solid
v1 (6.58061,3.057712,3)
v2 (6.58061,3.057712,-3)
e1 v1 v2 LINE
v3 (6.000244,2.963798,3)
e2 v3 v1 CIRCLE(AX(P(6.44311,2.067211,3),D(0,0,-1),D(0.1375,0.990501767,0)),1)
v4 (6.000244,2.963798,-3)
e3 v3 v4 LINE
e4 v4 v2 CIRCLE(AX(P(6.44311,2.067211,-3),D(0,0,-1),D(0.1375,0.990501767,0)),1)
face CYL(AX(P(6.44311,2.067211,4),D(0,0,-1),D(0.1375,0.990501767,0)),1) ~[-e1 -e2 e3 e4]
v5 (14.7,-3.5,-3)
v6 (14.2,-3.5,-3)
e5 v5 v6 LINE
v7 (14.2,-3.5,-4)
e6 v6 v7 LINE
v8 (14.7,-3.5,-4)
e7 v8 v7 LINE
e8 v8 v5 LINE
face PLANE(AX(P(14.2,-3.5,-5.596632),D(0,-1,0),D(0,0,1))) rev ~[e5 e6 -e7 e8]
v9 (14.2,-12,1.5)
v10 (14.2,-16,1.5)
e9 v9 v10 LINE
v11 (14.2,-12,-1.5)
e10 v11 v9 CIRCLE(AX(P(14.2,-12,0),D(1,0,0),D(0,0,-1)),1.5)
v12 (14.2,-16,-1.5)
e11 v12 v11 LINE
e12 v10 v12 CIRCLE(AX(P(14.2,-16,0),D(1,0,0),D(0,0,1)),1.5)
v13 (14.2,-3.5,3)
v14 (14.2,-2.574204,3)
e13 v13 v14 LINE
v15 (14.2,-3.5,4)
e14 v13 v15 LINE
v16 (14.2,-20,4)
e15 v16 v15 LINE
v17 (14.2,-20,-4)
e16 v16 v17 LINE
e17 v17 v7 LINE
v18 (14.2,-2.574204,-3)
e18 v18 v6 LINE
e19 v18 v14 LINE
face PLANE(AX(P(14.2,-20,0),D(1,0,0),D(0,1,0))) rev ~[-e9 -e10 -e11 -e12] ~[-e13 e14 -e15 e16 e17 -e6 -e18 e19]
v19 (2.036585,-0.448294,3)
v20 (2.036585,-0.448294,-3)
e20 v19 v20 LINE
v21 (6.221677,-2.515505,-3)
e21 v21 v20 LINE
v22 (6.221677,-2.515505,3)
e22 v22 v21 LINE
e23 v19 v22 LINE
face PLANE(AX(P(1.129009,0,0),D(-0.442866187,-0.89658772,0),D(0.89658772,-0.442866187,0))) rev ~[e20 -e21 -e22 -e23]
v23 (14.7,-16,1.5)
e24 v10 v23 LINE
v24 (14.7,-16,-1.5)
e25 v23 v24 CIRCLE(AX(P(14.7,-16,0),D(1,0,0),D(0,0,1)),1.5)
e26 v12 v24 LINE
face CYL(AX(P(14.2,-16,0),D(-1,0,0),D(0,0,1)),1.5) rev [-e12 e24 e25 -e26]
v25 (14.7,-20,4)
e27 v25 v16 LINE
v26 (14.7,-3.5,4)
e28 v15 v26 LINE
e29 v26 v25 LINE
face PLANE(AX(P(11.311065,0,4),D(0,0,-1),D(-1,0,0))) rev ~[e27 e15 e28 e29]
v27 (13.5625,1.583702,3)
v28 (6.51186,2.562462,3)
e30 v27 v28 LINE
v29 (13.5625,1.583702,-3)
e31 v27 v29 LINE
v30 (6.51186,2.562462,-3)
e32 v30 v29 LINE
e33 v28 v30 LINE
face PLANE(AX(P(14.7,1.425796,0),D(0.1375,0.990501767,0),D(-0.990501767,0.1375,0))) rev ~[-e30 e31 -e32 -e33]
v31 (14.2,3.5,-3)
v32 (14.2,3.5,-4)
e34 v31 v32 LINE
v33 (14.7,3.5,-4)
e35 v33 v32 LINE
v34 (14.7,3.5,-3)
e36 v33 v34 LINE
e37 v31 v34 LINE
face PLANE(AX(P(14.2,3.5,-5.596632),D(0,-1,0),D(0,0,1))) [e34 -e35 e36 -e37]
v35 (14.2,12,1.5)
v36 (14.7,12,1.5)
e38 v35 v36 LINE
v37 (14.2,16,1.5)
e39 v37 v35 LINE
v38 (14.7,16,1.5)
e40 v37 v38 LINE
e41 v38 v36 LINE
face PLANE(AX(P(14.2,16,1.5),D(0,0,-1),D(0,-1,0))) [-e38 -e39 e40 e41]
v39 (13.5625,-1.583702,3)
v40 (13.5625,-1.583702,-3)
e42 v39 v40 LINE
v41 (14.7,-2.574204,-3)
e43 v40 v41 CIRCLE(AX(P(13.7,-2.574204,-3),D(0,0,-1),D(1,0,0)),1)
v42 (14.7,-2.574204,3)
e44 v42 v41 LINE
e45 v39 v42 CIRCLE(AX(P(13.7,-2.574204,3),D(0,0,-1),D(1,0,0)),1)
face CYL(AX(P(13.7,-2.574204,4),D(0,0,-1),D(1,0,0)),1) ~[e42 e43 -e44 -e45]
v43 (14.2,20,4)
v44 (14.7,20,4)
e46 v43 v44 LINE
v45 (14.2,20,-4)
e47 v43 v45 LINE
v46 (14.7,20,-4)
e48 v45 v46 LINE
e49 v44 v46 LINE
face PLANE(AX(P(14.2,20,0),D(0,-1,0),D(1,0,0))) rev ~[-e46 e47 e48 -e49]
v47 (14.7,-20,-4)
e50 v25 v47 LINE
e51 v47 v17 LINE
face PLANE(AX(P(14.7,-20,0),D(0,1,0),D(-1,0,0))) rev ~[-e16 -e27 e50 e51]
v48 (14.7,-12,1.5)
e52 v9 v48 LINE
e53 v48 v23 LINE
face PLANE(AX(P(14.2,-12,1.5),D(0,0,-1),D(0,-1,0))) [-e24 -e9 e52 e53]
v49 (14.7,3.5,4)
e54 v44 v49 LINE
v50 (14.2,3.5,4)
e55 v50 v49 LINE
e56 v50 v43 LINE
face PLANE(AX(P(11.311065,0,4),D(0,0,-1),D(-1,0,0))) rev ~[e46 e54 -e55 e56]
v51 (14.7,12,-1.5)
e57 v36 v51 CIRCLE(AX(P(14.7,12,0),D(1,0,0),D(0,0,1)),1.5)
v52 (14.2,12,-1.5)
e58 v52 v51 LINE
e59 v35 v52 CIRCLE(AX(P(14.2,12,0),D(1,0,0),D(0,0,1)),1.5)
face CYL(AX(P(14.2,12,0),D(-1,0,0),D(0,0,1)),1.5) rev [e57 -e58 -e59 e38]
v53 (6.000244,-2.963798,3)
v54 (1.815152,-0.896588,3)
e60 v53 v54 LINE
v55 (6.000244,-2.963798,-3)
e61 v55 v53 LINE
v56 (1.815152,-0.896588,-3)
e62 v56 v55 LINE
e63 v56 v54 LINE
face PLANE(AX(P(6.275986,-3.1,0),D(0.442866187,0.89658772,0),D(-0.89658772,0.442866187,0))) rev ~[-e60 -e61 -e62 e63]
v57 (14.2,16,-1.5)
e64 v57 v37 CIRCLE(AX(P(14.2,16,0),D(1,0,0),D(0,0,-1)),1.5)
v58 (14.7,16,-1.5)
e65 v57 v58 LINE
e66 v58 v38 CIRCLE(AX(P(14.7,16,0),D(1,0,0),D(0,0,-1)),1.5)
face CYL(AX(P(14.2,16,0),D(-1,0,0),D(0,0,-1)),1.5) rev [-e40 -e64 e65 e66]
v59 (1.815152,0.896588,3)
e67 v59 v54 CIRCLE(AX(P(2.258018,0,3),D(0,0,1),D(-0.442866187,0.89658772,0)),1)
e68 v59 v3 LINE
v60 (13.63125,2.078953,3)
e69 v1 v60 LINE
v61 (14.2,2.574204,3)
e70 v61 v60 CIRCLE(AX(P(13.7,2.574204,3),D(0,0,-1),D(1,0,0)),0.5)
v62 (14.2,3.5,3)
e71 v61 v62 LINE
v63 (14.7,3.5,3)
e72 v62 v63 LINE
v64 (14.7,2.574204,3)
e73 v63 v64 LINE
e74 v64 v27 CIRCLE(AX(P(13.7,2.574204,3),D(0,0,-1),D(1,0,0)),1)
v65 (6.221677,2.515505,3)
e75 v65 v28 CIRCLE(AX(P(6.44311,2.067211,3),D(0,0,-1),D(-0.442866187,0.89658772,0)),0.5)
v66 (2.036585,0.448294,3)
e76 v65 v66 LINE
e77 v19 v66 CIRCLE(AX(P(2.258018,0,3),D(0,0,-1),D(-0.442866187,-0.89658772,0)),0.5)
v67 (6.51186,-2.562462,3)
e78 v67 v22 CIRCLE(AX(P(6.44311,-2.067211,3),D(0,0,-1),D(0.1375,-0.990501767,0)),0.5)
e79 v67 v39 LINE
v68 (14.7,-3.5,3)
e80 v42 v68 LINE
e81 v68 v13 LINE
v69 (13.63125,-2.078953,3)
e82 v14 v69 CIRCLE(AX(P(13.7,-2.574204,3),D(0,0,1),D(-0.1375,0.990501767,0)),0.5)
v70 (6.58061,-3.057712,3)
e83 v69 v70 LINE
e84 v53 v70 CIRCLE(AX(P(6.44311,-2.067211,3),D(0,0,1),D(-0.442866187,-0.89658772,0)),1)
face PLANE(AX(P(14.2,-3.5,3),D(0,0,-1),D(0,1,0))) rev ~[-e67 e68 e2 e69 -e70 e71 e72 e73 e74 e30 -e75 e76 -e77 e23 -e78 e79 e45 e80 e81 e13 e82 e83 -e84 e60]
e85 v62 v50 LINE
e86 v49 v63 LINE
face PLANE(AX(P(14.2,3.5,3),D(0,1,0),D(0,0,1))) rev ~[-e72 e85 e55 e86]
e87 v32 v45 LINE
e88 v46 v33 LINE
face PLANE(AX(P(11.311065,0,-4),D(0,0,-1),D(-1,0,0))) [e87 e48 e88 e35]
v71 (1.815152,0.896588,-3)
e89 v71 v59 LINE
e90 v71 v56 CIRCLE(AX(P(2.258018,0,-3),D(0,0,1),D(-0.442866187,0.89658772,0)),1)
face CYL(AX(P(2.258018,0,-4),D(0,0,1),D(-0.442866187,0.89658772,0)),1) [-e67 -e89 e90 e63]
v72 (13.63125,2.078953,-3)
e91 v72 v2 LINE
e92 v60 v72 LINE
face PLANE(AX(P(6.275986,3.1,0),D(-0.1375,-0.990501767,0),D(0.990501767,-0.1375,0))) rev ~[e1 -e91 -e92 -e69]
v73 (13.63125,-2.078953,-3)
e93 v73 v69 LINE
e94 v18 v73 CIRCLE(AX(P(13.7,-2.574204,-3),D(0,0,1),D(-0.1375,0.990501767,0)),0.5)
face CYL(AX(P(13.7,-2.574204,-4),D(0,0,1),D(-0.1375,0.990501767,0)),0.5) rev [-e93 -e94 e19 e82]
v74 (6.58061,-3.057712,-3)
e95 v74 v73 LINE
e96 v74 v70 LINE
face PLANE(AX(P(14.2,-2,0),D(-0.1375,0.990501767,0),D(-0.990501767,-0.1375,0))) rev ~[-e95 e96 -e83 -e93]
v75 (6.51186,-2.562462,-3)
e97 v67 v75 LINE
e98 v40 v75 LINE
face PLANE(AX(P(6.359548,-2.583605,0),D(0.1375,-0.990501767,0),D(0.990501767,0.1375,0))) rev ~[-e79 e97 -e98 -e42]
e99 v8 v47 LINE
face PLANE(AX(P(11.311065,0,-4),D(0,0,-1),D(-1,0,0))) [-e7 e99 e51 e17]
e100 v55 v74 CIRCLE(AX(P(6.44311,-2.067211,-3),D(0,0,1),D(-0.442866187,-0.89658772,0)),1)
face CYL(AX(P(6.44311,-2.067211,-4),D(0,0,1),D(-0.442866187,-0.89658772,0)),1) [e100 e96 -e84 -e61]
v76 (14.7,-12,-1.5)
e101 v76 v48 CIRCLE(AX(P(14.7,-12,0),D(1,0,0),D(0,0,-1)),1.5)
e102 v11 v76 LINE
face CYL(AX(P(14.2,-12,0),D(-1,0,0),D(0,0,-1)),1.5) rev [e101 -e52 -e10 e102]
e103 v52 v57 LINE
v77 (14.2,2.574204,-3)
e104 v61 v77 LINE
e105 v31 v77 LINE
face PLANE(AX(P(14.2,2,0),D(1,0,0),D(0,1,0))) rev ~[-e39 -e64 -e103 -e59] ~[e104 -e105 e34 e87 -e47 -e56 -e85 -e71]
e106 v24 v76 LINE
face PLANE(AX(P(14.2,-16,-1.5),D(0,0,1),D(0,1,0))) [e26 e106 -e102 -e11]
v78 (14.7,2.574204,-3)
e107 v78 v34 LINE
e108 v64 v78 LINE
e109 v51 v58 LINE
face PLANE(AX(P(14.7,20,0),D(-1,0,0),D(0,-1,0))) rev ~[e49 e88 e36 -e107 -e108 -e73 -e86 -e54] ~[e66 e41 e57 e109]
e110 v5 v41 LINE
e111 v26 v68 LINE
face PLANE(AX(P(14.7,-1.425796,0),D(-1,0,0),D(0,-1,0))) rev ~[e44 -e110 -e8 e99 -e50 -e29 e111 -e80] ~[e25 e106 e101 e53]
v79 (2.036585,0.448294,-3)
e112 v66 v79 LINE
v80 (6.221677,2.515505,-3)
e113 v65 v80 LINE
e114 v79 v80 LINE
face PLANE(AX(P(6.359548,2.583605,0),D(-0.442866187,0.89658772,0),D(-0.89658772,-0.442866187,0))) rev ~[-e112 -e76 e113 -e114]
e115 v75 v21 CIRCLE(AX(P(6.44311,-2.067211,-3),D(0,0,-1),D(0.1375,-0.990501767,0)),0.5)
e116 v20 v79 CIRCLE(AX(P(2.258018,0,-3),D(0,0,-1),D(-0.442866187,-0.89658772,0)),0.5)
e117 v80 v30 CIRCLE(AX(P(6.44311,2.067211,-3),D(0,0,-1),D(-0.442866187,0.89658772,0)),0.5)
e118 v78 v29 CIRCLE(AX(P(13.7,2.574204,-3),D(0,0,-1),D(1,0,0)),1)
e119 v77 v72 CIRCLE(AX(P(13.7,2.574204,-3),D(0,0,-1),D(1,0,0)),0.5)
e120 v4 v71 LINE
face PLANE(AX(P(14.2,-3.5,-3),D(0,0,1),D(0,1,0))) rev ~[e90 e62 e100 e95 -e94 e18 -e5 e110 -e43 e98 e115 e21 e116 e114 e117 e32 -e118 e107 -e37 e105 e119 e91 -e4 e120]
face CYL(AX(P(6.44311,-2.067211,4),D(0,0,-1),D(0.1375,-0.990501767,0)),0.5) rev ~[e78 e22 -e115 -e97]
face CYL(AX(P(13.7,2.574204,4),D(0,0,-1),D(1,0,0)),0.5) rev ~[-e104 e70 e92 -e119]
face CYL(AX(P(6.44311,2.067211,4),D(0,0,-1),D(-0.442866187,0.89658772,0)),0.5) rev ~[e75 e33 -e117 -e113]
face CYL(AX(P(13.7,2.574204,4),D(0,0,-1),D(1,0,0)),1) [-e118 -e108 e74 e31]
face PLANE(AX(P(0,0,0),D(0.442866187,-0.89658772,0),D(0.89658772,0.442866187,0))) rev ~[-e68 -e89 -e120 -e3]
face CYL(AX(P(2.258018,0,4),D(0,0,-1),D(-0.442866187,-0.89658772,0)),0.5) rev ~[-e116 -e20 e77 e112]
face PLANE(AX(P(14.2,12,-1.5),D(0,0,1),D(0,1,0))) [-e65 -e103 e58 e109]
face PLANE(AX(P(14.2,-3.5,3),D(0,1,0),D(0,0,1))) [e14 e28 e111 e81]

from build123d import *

# Parameters (mm, degrees)
EXTRUDE_1_DEPTH     = 4
FILLET_1_R          = 0.5
FILLET_2_R          = 1
CUT_EXTRUDE_1_DEPTH = 0.5
SKETCH_3_W          = 3.444181234
SKETCH_3_H          = 7
SKETCH_3_W_2        = 2.596632025
CUT_EXTRUDE_2_DEPTH = 17


with BuildPart() as part:
    # 草图1 → 凸台-拉伸1 (new, symmetric)
    with BuildSketch(Plane.XY):
        Polygon((0, 0), (6.275985866, 3.1), (14.2, 2), (14.2, 20), (14.7, 20), (14.7, 1.425796077), (6.359548127, 2.583605352), (1.1290092, 0), (6.359548127, -2.583605352), (14.7, -1.425796077), (14.7, -20), (14.2, -20), (14.2, -2), (6.275985866, -3.1), align=None)
    extrude(amount=EXTRUDE_1_DEPTH, both=True)

    # 圆角1
    fillet_1_edges = [part.edges().sort_by_distance(p)[0] for p in [
        (14.2, 2, 0),
        (6.359548127, 2.583605352, 0),
        (1.1290092, 0, 0),
        (6.359548127, -2.583605352, 0),
        (14.2, -2, 0),
    ]]
    fillet(fillet_1_edges, radius=FILLET_1_R)

    # 圆角2
    fillet_2_edges = [part.edges().sort_by_distance(p)[0] for p in [
        (0, 0, 0),
        (6.275985866, 3.1, 0),
        (14.7, 1.425796077, 0),
        (14.7, -1.425796077, 0),
        (6.275985866, -3.1, 0),
    ]]
    fillet(fillet_2_edges, radius=FILLET_2_R)

    # 草图2 → 切除-拉伸1 (cut)
    with BuildSketch(Plane.ZY.offset(-14.2)):
        with BuildLine():
            Line((1.5, 16), (1.5, 12))
            ThreePointArc((1.5, 12), (0, 10.5), (-1.5, 12))
            Line((-1.5, 12), (-1.5, 16))
            ThreePointArc((-1.5, 16), (0, 17.5), (1.5, 16))
        make_face()
        with BuildLine():
            Line((1.5, -12), (1.5, -16))
            ThreePointArc((1.5, -16), (0, -17.5), (-1.5, -16))
            Line((-1.5, -16), (-1.5, -12))
            ThreePointArc((-1.5, -12), (0, -10.5), (1.5, -12))
        make_face()
    extrude(amount=-CUT_EXTRUDE_1_DEPTH, mode=Mode.SUBTRACT)

    # 草图3 → 切除-拉伸2 (cut, symmetric)
    with BuildSketch(Plane.ZY.offset(-14.2)):
        with Locations((4.722090617, 0)):
            Rectangle(SKETCH_3_W, SKETCH_3_H)
        with Locations((-4.298316013, 0)):
            Rectangle(SKETCH_3_W_2, SKETCH_3_H)
    extrude(amount=CUT_EXTRUDE_2_DEPTH, both=True, mode=Mode.SUBTRACT)


solid = part.part
